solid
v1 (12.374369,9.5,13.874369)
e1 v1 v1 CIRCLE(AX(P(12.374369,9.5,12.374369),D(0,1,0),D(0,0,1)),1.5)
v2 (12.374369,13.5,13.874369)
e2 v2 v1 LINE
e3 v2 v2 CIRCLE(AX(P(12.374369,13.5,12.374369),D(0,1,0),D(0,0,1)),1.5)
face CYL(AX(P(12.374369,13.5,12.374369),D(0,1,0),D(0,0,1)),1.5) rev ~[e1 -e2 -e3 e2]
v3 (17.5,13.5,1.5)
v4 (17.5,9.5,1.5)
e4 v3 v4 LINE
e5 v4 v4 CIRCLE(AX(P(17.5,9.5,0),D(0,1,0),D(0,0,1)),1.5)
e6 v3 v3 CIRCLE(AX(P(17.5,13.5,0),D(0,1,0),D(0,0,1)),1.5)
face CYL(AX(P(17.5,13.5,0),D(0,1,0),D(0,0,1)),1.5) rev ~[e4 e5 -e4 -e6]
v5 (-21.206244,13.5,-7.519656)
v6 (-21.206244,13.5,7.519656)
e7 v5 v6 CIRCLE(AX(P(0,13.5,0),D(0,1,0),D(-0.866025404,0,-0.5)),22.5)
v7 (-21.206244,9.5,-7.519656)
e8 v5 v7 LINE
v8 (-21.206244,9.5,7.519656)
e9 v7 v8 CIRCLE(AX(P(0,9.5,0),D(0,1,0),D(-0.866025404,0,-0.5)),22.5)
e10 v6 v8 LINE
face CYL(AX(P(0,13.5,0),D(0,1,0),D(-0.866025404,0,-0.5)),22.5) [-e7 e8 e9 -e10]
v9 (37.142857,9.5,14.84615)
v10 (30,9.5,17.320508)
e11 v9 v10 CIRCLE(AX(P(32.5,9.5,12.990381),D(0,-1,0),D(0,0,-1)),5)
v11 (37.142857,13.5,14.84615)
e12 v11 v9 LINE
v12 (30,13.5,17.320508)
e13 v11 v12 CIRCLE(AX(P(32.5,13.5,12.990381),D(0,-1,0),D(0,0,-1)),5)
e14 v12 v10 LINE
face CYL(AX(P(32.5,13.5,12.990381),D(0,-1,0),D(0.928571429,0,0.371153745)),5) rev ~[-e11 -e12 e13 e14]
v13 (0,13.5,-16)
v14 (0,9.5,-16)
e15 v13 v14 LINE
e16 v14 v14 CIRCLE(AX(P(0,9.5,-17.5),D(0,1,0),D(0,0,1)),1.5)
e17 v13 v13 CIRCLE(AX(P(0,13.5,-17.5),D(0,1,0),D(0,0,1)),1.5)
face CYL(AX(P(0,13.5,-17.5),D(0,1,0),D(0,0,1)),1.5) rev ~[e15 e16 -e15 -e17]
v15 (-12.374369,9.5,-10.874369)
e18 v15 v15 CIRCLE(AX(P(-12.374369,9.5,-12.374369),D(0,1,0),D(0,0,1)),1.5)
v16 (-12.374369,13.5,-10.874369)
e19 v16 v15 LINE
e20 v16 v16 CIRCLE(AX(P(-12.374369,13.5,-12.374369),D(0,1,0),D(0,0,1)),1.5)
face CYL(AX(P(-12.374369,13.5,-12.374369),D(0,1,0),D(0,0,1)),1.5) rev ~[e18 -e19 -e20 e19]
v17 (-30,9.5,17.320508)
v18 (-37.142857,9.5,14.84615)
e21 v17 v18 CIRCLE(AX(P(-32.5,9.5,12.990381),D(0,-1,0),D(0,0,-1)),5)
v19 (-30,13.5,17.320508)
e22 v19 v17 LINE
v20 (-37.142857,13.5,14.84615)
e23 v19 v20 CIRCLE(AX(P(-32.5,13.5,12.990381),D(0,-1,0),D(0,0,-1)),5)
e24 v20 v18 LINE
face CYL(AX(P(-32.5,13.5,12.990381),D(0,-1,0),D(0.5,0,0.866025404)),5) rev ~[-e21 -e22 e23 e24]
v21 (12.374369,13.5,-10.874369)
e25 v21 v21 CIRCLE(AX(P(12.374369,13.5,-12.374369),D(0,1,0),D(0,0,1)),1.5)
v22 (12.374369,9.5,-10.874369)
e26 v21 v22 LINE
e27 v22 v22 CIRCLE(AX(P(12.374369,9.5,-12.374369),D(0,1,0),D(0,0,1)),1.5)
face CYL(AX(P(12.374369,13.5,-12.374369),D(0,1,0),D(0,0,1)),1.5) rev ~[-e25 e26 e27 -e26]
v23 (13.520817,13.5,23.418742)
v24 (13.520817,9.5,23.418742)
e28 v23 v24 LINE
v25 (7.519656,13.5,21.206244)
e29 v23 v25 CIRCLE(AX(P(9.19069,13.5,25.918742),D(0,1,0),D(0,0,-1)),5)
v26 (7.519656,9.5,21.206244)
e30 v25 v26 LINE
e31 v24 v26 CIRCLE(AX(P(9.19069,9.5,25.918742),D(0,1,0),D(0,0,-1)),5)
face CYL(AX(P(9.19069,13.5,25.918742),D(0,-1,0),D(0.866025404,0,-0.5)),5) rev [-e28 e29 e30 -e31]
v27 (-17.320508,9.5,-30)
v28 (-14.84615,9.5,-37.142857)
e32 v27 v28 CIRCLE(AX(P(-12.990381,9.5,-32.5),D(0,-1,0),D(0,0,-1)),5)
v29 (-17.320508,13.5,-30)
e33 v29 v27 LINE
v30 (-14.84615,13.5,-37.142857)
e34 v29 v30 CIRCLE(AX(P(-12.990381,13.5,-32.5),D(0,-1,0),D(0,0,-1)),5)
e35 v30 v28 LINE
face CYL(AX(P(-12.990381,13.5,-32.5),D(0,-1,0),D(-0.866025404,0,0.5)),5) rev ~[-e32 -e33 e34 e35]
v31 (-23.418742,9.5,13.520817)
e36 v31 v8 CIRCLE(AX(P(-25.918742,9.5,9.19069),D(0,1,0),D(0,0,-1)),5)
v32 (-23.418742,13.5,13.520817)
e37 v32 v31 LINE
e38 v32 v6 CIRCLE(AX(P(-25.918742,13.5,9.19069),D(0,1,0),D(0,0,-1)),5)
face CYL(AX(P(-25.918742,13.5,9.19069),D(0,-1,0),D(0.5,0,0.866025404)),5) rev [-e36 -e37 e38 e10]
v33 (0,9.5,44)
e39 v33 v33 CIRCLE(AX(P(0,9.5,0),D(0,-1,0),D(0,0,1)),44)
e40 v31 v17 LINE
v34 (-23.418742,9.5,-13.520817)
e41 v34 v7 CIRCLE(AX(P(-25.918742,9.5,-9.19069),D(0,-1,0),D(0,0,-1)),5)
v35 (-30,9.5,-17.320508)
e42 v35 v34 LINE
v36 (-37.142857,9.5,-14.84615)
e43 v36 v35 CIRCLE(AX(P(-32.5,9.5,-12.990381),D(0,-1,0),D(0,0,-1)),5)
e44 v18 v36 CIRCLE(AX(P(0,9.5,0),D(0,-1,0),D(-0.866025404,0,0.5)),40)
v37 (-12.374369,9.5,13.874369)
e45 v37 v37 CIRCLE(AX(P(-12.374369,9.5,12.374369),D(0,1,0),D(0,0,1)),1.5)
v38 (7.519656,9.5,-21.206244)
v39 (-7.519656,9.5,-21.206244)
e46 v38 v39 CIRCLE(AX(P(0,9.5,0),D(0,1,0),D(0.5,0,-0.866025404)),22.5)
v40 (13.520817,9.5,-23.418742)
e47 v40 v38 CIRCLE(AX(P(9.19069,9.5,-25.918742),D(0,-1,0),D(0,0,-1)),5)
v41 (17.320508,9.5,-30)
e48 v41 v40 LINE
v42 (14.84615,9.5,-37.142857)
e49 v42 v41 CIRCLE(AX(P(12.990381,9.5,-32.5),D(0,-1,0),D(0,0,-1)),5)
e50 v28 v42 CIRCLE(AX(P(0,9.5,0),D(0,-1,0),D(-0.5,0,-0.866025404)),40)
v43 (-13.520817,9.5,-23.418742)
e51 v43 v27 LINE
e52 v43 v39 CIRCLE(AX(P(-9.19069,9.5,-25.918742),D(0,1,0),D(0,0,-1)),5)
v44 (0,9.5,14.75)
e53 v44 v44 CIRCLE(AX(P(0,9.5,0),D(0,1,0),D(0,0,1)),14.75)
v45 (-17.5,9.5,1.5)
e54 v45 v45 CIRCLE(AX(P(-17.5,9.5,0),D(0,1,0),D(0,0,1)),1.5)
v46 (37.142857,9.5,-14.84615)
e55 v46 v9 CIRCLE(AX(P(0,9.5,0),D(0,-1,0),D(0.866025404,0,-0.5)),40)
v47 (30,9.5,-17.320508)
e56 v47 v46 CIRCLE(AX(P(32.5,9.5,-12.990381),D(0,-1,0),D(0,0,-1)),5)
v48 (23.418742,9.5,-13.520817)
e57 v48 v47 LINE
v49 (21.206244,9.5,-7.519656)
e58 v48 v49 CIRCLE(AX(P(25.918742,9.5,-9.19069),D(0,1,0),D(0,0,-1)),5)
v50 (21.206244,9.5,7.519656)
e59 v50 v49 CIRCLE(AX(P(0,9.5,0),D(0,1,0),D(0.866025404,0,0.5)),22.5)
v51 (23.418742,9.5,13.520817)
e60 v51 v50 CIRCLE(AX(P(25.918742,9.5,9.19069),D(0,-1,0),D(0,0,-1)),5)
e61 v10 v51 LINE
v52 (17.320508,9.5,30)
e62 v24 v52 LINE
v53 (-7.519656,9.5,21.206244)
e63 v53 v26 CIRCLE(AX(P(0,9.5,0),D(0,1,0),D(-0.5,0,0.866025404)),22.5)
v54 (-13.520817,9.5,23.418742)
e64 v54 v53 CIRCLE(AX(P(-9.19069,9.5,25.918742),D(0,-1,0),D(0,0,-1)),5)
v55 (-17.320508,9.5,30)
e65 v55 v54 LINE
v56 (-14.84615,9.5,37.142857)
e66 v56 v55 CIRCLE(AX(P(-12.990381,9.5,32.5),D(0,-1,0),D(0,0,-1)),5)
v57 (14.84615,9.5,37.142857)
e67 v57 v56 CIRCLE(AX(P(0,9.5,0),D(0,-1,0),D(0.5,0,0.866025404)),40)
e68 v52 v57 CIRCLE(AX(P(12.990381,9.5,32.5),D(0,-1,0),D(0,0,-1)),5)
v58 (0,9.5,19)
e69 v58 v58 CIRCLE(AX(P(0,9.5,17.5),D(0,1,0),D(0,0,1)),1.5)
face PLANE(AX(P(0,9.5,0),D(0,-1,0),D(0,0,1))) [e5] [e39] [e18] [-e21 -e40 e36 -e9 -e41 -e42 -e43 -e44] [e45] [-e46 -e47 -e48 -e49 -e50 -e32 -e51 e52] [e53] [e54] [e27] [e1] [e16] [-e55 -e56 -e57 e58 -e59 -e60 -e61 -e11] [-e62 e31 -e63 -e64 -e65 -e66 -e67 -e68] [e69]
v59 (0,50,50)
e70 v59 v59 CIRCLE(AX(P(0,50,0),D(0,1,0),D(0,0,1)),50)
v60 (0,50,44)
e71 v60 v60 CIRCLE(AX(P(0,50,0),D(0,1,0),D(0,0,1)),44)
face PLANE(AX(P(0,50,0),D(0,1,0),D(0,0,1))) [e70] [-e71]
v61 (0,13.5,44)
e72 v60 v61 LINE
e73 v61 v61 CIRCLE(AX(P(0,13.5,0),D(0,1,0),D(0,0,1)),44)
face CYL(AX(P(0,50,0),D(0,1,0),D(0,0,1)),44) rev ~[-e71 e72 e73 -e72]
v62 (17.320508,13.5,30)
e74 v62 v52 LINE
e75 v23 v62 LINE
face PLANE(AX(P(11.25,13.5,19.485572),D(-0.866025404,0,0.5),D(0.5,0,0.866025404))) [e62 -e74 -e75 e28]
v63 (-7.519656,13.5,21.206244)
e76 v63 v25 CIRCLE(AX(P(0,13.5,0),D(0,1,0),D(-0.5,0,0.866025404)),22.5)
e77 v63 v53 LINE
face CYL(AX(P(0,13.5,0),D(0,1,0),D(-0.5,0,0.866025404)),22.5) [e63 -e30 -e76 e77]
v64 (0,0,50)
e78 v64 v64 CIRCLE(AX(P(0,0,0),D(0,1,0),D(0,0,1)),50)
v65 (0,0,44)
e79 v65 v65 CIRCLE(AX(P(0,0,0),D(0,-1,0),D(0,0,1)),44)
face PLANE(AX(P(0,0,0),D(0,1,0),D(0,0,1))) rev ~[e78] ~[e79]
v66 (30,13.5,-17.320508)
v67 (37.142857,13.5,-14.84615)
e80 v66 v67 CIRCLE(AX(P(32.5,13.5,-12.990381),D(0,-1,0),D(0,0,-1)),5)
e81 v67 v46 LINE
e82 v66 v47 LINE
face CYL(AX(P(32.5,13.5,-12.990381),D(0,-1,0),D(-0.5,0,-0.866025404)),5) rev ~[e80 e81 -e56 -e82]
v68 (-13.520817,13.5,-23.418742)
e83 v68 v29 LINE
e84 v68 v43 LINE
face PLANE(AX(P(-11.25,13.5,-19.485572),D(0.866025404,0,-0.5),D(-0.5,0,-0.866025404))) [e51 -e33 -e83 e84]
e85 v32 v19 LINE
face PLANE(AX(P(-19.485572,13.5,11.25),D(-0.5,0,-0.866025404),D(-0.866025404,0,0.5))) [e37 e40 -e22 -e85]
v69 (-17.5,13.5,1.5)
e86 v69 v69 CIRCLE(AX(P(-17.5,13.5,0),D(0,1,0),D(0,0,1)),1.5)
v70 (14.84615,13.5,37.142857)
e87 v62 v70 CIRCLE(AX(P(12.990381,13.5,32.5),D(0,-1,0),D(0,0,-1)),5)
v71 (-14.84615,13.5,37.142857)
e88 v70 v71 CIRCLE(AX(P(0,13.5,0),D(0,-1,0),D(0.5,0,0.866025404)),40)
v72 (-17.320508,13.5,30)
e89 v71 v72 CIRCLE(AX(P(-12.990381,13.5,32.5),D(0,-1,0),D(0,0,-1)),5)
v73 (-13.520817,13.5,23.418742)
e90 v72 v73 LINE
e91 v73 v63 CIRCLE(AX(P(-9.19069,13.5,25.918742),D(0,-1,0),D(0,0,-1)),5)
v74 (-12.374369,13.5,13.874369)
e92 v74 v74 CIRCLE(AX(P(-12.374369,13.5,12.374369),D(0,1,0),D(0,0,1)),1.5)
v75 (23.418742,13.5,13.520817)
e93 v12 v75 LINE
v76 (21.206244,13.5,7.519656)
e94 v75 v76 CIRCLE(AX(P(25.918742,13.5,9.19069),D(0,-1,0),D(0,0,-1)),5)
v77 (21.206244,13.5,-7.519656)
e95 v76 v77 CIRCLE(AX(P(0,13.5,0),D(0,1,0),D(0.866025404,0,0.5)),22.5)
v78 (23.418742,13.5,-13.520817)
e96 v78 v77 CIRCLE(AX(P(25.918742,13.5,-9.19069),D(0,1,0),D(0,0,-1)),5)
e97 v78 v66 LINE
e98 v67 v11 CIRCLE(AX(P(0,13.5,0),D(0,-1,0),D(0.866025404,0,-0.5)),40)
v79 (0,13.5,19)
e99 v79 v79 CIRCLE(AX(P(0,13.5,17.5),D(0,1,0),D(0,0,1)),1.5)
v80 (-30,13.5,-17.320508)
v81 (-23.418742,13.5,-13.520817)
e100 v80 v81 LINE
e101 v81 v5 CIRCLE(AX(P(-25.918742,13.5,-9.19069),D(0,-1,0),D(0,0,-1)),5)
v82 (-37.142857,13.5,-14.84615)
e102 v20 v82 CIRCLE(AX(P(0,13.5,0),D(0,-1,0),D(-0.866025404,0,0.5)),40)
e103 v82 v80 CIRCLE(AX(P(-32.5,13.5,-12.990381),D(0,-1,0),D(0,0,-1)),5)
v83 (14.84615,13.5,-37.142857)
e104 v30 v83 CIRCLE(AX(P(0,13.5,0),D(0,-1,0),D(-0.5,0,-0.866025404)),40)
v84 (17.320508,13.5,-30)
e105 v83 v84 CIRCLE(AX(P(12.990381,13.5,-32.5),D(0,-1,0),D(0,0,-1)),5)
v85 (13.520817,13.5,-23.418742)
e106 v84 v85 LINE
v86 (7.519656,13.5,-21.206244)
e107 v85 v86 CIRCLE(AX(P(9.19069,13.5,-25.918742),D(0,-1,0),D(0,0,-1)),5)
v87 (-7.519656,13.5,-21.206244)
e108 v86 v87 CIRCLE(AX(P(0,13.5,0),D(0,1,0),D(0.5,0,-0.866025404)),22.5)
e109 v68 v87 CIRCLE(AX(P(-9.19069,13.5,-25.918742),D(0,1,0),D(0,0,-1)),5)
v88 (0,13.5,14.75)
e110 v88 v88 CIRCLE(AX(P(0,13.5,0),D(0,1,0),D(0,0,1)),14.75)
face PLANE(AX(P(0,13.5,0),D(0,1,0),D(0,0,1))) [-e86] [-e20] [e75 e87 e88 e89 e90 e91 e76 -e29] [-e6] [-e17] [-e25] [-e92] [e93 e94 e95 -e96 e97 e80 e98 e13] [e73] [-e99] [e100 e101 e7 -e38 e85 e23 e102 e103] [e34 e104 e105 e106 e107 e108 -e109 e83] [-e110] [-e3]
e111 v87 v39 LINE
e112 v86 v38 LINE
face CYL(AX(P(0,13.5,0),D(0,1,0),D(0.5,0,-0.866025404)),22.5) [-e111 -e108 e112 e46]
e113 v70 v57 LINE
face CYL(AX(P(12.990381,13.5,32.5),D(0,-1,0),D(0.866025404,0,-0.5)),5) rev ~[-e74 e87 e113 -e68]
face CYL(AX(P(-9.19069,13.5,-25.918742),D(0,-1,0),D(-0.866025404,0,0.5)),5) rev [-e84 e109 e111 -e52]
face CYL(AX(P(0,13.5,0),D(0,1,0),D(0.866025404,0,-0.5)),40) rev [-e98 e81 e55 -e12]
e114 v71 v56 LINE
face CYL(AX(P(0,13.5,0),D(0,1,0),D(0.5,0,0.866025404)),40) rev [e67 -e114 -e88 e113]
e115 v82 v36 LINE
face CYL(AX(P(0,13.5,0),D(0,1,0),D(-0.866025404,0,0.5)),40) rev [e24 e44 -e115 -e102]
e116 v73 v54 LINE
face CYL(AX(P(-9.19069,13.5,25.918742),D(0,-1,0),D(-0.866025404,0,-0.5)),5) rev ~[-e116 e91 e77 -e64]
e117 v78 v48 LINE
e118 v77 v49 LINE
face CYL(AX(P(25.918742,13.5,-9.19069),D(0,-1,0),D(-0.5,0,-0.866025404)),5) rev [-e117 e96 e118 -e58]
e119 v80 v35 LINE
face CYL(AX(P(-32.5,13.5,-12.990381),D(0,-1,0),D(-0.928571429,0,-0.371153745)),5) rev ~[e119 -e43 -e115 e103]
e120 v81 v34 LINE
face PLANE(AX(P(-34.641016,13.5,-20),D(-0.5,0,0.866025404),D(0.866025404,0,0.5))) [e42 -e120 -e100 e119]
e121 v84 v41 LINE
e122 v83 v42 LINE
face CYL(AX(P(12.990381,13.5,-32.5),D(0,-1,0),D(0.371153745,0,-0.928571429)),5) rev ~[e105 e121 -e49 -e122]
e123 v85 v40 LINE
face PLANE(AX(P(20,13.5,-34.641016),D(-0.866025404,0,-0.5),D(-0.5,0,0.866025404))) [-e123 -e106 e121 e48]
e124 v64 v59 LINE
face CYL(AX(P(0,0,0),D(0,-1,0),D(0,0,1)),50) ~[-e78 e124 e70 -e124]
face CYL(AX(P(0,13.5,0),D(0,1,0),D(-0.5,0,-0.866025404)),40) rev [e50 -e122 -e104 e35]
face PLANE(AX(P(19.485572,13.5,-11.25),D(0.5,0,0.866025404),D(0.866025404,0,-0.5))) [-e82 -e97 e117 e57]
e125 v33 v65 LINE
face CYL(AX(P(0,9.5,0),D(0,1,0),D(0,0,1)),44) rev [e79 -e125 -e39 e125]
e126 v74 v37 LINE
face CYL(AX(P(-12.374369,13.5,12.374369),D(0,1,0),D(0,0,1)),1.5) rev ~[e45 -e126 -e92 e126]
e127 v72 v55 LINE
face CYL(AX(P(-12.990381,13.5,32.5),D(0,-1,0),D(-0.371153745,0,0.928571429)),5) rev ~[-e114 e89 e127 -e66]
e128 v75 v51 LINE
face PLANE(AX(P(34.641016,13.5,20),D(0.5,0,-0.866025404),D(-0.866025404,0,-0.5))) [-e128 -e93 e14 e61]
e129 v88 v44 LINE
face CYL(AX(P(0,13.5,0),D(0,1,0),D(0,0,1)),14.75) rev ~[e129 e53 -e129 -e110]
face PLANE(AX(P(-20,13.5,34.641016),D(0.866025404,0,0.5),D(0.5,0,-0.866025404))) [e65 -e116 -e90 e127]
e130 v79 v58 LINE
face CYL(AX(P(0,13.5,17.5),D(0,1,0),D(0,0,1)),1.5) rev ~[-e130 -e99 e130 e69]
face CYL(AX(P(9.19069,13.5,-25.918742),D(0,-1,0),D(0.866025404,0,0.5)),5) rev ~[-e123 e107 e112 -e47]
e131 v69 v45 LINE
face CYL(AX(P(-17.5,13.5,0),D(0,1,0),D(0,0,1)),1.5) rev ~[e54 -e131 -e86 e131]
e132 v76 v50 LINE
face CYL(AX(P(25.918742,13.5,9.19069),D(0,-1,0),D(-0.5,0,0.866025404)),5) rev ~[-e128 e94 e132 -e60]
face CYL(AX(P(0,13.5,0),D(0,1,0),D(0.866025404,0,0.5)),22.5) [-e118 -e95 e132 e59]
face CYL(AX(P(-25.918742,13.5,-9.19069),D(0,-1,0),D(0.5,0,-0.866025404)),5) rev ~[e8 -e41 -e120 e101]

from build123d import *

# Parameters (mm, degrees)
SKETCH_1_R          = 50
EXTRUDE_1_DEPTH     = 50
SKETCH_2_R          = 44
CUT_EXTRUDE_1_DEPTH = 36.5
CUT_EXTRUDE_START   = -9.5
SKETCH_3_R          = 44
CUT_EXTRUDE_2_DEPTH = 9.5
SKETCH_4_R          = 14.75
SKETCH_4_R_2        = 1.5
CUT_EXTRUDE_3_DEPTH = 4
CUT_EXTRUDE_4_DEPTH = 4
FILLET_1_R          = 5


with BuildPart() as part:
    # 草图1 → 凸台-拉伸1 (new body)
    with BuildSketch(Plane(origin=(0, 0, 0), x_dir=(1, 0, 0), z_dir=(0, 1, 0))):
        with Locations(Location((0, 0, 0), (0, 0, 270))):
            Circle(SKETCH_1_R)
    extrude(amount=EXTRUDE_1_DEPTH)

    # 草图2 → 切除-拉伸1 (cut)
    with BuildSketch(Plane(origin=(0, 50, 0), x_dir=(1, 0, 0), z_dir=(0, 1, 0))):
        with Locations(Location((0, 0, 0), (0, 0, 270))):
            Circle(SKETCH_2_R)
    extrude(amount=-CUT_EXTRUDE_1_DEPTH, mode=Mode.SUBTRACT)

    # 草图3 → 切除-拉伸2 (cut)
    with BuildSketch(Plane.XZ.offset(CUT_EXTRUDE_START)):
        with Locations(Location((0, 0, 0), (0, 0, 90))):
            Circle(SKETCH_3_R)
    extrude(amount=CUT_EXTRUDE_2_DEPTH, mode=Mode.SUBTRACT)

    # 草图4 → 切除-拉伸3 (cut)
    with BuildSketch(Plane(origin=(0, 13.5, 0), x_dir=(1, 0, 0), z_dir=(0, 1, 0))):
        with Locations(Location((0, 0, 0), (0, 0, 270))):
            Circle(SKETCH_4_R)
        with Locations(Location((0, 17.5, 0), (0, 0, 270))):
            Circle(SKETCH_4_R_2)
        with Locations(Location((12.374368671, 12.374368671, 0), (0, 0, 270))):
            Circle(SKETCH_4_R_2)
        with Locations(Location((17.5, 0, 0), (0, 0, 270))):
            Circle(SKETCH_4_R_2)
        with Locations(Location((12.374368671, -12.374368671, 0), (0, 0, 270))):
            Circle(SKETCH_4_R_2)
        with Locations(Location((0, -17.5, 0), (0, 0, 270))):
            Circle(SKETCH_4_R_2)
        with Locations(Location((-12.374368671, -12.374368671, 0), (0, 0, 270))):
            Circle(SKETCH_4_R_2)
        with Locations(Location((-17.5, 0, 0), (0, 0, 270))):
            Circle(SKETCH_4_R_2)
        with Locations(Location((-12.374368671, 12.374368671, 0), (0, 0, 270))):
            Circle(SKETCH_4_R_2)
    extrude(amount=-CUT_EXTRUDE_3_DEPTH, mode=Mode.SUBTRACT)

    # 草图8 → 切除-拉伸4 (cut)
    with BuildSketch(Plane(origin=(0, 13.5, 0), x_dir=(1, 0, 0), z_dir=(0, 1, 0))):
        with BuildLine():
            Line((-11.25, 19.485571585), (-20, 34.641016151))
            ThreePointArc((-20, 34.641016151), (0, 40), (20, 34.641016151))
            Line((20, 34.641016151), (11.25, 19.485571585))
            ThreePointArc((11.25, 19.485571585), (0, 22.5), (-11.25, 19.485571585))
        make_face()
        with BuildLine():
            Line((19.485571585, 11.25), (34.641016151, 20))
            ThreePointArc((34.641016151, 20), (40, 0), (34.641016151, -20))
            Line((34.641016151, -20), (19.485571585, -11.25))
            ThreePointArc((19.485571585, -11.25), (22.5, 0), (19.485571585, 11.25))
        make_face()
        with BuildLine():
            Line((11.25, -19.485571585), (20, -34.641016151))
            ThreePointArc((20, -34.641016151), (0, -40), (-20, -34.641016151))
            Line((-20, -34.641016151), (-11.25, -19.485571585))
            ThreePointArc((-11.25, -19.485571585), (0, -22.5), (11.25, -19.485571585))
        make_face()
        with BuildLine():
            Line((-19.485571585, -11.25), (-34.641016151, -20))
            ThreePointArc((-34.641016151, -20), (-40, 0), (-34.641016151, 20))
            Line((-34.641016151, 20), (-19.485571585, 11.25))
            ThreePointArc((-19.485571585, 11.25), (-22.5, 0), (-19.485571585, -11.25))
        make_face()
    extrude(amount=-CUT_EXTRUDE_4_DEPTH, mode=Mode.SUBTRACT)

    # 圆角1
    fillet_1_edges = [part.edges().sort_by_distance(p)[0] for p in [
        (-11.25, 11.5, 19.485571585),
        (11.25, 11.5, 19.485571585),
        (20, 11.5, 34.641016151),
        (-20, 11.5, 34.641016151),
        (19.485571585, 11.5, 11.25),
        (19.485571585, 11.5, -11.25),
        (34.641016151, 11.5, -20),
        (34.641016151, 11.5, 20),
        (-19.485571585, 11.5, -11.25),
        (-19.485571585, 11.5, 11.25),
        (-34.641016151, 11.5, 20),
        (-34.641016151, 11.5, -20),
        (11.25, 11.5, -19.485571585),
        (-11.25, 11.5, -19.485571585),
        (-20, 11.5, -34.641016151),
        (20, 11.5, -34.641016151),
    ]]
    fillet(fillet_1_edges, radius=FILLET_1_R)


solid = part.part
